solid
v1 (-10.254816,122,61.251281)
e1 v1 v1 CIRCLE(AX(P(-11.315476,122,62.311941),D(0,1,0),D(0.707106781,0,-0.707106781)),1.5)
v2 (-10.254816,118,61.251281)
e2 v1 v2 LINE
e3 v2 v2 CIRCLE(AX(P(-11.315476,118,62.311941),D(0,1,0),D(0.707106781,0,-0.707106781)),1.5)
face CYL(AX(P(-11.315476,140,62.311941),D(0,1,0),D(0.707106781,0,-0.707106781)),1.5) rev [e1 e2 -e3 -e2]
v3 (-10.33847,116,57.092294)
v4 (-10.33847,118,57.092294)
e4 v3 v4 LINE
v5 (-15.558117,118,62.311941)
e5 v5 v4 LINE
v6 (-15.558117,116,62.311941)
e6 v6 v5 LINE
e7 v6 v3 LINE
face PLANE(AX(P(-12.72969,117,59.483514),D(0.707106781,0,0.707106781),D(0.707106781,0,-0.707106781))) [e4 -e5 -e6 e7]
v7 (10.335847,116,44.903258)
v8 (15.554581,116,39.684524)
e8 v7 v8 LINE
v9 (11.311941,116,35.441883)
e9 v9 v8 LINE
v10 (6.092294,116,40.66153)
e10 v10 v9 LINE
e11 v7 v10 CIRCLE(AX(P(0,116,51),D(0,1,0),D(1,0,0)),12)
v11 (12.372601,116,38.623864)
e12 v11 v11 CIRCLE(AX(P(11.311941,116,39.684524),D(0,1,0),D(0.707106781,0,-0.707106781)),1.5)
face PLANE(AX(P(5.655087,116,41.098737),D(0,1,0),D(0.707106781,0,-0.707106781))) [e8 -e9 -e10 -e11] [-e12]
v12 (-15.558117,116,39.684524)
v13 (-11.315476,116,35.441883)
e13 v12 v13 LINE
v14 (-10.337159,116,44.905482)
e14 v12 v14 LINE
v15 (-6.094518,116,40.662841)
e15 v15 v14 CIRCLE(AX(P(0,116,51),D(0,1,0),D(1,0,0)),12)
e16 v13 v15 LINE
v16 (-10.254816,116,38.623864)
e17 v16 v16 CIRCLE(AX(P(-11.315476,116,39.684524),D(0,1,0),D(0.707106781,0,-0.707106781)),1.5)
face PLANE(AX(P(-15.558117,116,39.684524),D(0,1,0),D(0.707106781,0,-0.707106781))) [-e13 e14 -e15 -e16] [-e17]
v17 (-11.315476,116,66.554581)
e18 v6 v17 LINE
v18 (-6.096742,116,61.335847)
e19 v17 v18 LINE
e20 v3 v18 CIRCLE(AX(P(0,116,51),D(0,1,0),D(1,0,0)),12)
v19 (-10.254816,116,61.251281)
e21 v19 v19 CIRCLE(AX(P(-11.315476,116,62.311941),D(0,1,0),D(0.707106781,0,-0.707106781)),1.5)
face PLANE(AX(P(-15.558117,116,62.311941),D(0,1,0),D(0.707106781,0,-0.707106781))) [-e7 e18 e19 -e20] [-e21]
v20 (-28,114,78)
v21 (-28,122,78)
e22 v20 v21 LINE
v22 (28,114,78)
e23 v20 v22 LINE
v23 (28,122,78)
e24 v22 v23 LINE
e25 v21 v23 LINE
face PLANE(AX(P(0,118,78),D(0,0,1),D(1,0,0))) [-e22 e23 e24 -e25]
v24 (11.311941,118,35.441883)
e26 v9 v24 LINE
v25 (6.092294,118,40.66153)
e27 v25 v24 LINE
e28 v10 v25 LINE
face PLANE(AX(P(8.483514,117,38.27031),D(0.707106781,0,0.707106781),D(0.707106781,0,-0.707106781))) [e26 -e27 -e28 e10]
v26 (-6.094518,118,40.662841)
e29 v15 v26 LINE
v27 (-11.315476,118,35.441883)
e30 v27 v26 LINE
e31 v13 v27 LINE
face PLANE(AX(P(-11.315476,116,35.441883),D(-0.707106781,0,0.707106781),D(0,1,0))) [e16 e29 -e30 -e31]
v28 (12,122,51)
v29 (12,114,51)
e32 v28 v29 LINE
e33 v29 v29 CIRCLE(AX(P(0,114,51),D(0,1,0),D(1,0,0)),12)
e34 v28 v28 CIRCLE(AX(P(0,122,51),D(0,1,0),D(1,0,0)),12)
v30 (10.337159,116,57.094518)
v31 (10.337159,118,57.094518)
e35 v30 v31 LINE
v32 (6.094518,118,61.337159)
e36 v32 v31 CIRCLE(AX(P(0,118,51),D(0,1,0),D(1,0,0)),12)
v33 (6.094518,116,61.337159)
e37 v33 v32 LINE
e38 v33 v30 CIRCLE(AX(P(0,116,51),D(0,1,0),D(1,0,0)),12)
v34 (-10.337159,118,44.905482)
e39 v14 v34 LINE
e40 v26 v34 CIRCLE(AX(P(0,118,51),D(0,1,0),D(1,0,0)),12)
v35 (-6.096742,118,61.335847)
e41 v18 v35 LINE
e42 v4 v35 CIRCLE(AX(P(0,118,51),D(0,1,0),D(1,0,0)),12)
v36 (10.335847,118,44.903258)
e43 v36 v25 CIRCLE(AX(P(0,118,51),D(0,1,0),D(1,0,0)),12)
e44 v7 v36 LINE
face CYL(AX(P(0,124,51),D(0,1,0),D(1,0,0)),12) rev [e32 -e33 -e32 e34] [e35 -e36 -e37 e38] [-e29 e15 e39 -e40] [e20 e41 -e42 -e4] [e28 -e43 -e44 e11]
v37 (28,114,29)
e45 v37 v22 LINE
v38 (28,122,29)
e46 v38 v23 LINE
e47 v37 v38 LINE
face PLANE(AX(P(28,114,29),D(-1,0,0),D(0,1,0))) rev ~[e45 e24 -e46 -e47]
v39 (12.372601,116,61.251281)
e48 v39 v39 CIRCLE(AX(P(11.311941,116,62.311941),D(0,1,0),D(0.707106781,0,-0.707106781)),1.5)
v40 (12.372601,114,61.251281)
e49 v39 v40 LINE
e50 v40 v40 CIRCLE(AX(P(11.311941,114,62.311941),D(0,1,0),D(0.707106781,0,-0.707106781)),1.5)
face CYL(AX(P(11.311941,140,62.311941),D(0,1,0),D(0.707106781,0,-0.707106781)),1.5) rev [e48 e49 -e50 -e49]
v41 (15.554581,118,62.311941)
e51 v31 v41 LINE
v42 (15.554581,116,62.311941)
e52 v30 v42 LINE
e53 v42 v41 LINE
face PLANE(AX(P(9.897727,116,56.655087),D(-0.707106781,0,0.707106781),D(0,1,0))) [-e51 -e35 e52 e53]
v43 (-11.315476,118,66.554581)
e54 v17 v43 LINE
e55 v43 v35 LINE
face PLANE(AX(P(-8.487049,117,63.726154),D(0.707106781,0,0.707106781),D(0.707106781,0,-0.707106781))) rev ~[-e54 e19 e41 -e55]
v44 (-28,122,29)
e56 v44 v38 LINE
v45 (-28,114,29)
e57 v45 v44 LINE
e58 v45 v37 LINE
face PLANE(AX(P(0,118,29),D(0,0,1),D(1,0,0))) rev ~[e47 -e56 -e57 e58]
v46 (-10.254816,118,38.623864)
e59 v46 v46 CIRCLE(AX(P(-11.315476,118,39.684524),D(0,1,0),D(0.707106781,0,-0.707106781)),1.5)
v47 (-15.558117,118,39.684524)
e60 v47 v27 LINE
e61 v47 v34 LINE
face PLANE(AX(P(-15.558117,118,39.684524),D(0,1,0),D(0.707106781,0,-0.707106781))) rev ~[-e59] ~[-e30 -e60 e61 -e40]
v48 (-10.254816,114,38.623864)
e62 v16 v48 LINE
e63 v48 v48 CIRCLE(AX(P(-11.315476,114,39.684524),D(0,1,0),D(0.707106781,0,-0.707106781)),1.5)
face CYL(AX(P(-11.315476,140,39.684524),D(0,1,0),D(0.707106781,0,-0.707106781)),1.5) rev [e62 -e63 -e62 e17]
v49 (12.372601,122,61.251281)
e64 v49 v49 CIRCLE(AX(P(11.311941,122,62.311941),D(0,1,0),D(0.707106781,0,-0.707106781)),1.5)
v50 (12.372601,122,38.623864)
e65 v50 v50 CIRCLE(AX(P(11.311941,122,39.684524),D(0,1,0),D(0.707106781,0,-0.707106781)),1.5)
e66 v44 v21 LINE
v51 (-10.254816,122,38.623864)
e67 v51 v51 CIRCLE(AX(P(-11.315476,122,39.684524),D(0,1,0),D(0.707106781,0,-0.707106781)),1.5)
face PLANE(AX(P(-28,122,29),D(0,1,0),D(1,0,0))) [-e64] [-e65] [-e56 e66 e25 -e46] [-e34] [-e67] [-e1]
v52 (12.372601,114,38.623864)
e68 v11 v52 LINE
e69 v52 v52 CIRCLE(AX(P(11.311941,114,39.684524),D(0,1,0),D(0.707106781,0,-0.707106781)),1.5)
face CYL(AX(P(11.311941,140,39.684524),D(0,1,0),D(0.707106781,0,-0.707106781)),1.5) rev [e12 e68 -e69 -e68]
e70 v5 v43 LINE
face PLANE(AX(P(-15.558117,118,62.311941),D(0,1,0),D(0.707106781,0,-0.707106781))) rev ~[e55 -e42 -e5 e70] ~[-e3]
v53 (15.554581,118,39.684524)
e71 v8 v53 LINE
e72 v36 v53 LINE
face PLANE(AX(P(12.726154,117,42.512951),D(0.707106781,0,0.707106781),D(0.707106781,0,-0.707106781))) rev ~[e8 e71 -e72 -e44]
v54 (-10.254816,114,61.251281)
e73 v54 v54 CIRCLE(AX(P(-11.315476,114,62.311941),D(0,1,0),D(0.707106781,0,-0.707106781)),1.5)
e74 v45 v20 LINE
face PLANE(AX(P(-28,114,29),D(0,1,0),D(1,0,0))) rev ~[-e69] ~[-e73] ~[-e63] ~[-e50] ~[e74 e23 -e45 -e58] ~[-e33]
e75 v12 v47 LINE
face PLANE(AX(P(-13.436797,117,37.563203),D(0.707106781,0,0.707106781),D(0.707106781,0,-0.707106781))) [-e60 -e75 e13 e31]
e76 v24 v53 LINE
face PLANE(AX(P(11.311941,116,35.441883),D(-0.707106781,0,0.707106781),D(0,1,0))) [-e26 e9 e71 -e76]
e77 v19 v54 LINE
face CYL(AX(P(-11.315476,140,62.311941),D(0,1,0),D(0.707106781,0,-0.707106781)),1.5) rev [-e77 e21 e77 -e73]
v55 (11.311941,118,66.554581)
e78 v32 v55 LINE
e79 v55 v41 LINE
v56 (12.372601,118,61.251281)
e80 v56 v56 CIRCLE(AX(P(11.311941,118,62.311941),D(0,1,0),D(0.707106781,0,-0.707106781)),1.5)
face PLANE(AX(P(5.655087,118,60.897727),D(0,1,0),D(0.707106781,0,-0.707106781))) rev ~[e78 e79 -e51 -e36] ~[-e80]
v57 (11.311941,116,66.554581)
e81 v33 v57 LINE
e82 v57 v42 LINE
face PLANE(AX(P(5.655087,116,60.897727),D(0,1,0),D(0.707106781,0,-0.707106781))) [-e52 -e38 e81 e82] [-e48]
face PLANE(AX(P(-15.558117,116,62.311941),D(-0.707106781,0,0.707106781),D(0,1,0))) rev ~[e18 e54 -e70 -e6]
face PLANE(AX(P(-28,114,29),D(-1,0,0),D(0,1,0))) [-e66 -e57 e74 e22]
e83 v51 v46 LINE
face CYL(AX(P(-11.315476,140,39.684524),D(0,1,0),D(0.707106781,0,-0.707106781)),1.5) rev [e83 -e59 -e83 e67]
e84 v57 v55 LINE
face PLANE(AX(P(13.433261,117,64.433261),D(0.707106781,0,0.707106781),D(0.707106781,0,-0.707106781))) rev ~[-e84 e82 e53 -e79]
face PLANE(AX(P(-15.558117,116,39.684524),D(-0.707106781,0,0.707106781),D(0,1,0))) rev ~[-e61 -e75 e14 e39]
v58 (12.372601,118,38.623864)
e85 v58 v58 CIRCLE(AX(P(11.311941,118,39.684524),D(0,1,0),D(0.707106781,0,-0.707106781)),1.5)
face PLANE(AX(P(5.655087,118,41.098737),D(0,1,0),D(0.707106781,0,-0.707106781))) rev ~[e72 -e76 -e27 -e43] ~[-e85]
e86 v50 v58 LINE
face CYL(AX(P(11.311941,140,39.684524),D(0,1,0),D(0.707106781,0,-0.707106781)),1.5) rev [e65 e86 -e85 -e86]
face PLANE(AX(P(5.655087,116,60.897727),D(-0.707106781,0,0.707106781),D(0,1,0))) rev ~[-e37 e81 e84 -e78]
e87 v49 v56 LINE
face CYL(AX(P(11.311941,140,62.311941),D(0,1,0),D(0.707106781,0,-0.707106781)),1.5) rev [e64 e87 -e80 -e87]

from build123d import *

# Parameters (mm, degrees)
BOX786_W                    = 6
BOX786_H                    = 2
BOX786_DEPTH                = 8
BOX780_W                    = 8
BOX780_H                    = 2
BOX780_DEPTH                = 6
BOX783_W                    = 8
BOX783_H                    = 2
BOX783_DEPTH                = 6
BOX785_W                    = 6
BOX785_H                    = 2
BOX785_DEPTH                = 8
COMPOUND939_PLACEMENT_ANGLE = 45
CYLINDER1872_R              = 12
CYLINDER1872_DEPTH          = 20
CYLINDER1874_R              = 1.5
CYLINDER1874_DEPTH          = 40
CYLINDER1876_R              = 1.5
CYLINDER1876_DEPTH          = 40
CYLINDER1875_R              = 1.5
CYLINDER1875_DEPTH          = 40
CYLINDER1873_R              = 1.5
CYLINDER1873_DEPTH          = 40
COMPOUND942_PLACEMENT_ANGLE = 45
BOX782_W                    = 56
BOX782_H                    = 8
BOX782_DEPTH                = 49


with BuildPart() as krychle786:
    # Box786 → Box786 (new body)
    with BuildSketch(Plane(origin=(-3, 116, 30), x_dir=(1, 0, 0), z_dir=(0, 0, 1))):
        with Locations((3, 1)):
            Rectangle(BOX786_W, BOX786_H)
    extrude(amount=BOX786_DEPTH)


with BuildPart() as krychle780:
    # Box780 → Box780 (new body)
    with BuildSketch(Plane(origin=(-19, 116, 46), x_dir=(1, 0, 0), z_dir=(0, 0, 1))):
        with Locations((4, 1)):
            Rectangle(BOX780_W, BOX780_H)
    extrude(amount=BOX780_DEPTH)


with BuildPart() as krychle783:
    # Box783 → Box783 (new body)
    with BuildSketch(Plane(origin=(11, 116, 46), x_dir=(1, 0, 0), z_dir=(0, 0, 1))):
        with Locations((4, 1)):
            Rectangle(BOX783_W, BOX783_H)
    extrude(amount=BOX783_DEPTH)


with BuildPart() as compound939:
    # Box785 → Box785 (new body)
    with BuildSketch(Plane(origin=(-3, 116, 60), x_dir=(1, 0, 0), z_dir=(0, 0, 1))):
        with Locations((3, 1)):
            Rectangle(BOX785_W, BOX785_H)
    extrude(amount=BOX785_DEPTH)

    # Compound939: union Krychle786, Krychle780, Krychle783
    add(krychle786.part)
    add(krychle780.part)
    add(krychle783.part)


with BuildPart() as compound939_1:
    # Compound939 placement: moved
    add(compound939.part.moved(Location((-34.65, 0, 16.35))).rotate(Axis((-34.65, 0, 16.35), (0, 1, 0)), COMPOUND939_PLACEMENT_ANGLE))


with BuildPart() as v_lec1872:
    # Cylinder1872 → Cylinder1872 (new body)
    with BuildSketch(Plane(origin=(0, 124, 51), x_dir=(1, 0, 0), z_dir=(0, -1, 0))):
        Circle(CYLINDER1872_R)
    extrude(amount=CYLINDER1872_DEPTH)


with BuildPart() as v_lec1874:
    # Cylinder1874 → Cylinder1874 (new body)
    with BuildSketch(Plane(origin=(16, 140, 49), x_dir=(1, 0, 0), z_dir=(0, -1, 0))):
        Circle(CYLINDER1874_R)
    extrude(amount=CYLINDER1874_DEPTH)


with BuildPart() as v_lec1876:
    # Cylinder1876 → Cylinder1876 (new body)
    with BuildSketch(Plane(origin=(-16, 140, 49), x_dir=(1, 0, 0), z_dir=(0, -1, 0))):
        Circle(CYLINDER1876_R)
    extrude(amount=CYLINDER1876_DEPTH)


with BuildPart() as v_lec1875:
    # Cylinder1875 → Cylinder1875 (new body)
    with BuildSketch(Plane(origin=(0, 140, 33), x_dir=(1, 0, 0), z_dir=(0, -1, 0))):
        Circle(CYLINDER1875_R)
    extrude(amount=CYLINDER1875_DEPTH)


with BuildPart() as compound942:
    # Cylinder1873 → Cylinder1873 (new body)
    with BuildSketch(Plane(origin=(0, 140, 65), x_dir=(1, 0, 0), z_dir=(0, -1, 0))):
        Circle(CYLINDER1873_R)
    extrude(amount=CYLINDER1873_DEPTH)

    # Compound942: union Válec1874, Válec1876, Válec1875
    add(v_lec1874.part)
    add(v_lec1876.part)
    add(v_lec1875.part)


with BuildPart() as compound942_1:
    # Compound942 placement: moved
    add(compound942.part.moved(Location((-34.65, 0, 16.35))).rotate(Axis((-34.65, 0, 16.35), (0, 1, 0)), COMPOUND942_PLACEMENT_ANGLE))


with BuildPart() as cut588:
    # Box782 → Box782 (new body)
    with BuildSketch(Plane(origin=(-28, 114, 29), x_dir=(1, 0, 0), z_dir=(0, 0, 1))):
        with Locations((28, 4)):
            Rectangle(BOX782_W, BOX782_H)
    extrude(amount=BOX782_DEPTH)

    # Cut584: cut Compound942
    add(compound942_1.part, mode=Mode.SUBTRACT)

    # Cut590: cut Válec1872
    add(v_lec1872.part, mode=Mode.SUBTRACT)

    # Cut588: cut Compound939
    add(compound939_1.part, mode=Mode.SUBTRACT)


solid = cut588.part
